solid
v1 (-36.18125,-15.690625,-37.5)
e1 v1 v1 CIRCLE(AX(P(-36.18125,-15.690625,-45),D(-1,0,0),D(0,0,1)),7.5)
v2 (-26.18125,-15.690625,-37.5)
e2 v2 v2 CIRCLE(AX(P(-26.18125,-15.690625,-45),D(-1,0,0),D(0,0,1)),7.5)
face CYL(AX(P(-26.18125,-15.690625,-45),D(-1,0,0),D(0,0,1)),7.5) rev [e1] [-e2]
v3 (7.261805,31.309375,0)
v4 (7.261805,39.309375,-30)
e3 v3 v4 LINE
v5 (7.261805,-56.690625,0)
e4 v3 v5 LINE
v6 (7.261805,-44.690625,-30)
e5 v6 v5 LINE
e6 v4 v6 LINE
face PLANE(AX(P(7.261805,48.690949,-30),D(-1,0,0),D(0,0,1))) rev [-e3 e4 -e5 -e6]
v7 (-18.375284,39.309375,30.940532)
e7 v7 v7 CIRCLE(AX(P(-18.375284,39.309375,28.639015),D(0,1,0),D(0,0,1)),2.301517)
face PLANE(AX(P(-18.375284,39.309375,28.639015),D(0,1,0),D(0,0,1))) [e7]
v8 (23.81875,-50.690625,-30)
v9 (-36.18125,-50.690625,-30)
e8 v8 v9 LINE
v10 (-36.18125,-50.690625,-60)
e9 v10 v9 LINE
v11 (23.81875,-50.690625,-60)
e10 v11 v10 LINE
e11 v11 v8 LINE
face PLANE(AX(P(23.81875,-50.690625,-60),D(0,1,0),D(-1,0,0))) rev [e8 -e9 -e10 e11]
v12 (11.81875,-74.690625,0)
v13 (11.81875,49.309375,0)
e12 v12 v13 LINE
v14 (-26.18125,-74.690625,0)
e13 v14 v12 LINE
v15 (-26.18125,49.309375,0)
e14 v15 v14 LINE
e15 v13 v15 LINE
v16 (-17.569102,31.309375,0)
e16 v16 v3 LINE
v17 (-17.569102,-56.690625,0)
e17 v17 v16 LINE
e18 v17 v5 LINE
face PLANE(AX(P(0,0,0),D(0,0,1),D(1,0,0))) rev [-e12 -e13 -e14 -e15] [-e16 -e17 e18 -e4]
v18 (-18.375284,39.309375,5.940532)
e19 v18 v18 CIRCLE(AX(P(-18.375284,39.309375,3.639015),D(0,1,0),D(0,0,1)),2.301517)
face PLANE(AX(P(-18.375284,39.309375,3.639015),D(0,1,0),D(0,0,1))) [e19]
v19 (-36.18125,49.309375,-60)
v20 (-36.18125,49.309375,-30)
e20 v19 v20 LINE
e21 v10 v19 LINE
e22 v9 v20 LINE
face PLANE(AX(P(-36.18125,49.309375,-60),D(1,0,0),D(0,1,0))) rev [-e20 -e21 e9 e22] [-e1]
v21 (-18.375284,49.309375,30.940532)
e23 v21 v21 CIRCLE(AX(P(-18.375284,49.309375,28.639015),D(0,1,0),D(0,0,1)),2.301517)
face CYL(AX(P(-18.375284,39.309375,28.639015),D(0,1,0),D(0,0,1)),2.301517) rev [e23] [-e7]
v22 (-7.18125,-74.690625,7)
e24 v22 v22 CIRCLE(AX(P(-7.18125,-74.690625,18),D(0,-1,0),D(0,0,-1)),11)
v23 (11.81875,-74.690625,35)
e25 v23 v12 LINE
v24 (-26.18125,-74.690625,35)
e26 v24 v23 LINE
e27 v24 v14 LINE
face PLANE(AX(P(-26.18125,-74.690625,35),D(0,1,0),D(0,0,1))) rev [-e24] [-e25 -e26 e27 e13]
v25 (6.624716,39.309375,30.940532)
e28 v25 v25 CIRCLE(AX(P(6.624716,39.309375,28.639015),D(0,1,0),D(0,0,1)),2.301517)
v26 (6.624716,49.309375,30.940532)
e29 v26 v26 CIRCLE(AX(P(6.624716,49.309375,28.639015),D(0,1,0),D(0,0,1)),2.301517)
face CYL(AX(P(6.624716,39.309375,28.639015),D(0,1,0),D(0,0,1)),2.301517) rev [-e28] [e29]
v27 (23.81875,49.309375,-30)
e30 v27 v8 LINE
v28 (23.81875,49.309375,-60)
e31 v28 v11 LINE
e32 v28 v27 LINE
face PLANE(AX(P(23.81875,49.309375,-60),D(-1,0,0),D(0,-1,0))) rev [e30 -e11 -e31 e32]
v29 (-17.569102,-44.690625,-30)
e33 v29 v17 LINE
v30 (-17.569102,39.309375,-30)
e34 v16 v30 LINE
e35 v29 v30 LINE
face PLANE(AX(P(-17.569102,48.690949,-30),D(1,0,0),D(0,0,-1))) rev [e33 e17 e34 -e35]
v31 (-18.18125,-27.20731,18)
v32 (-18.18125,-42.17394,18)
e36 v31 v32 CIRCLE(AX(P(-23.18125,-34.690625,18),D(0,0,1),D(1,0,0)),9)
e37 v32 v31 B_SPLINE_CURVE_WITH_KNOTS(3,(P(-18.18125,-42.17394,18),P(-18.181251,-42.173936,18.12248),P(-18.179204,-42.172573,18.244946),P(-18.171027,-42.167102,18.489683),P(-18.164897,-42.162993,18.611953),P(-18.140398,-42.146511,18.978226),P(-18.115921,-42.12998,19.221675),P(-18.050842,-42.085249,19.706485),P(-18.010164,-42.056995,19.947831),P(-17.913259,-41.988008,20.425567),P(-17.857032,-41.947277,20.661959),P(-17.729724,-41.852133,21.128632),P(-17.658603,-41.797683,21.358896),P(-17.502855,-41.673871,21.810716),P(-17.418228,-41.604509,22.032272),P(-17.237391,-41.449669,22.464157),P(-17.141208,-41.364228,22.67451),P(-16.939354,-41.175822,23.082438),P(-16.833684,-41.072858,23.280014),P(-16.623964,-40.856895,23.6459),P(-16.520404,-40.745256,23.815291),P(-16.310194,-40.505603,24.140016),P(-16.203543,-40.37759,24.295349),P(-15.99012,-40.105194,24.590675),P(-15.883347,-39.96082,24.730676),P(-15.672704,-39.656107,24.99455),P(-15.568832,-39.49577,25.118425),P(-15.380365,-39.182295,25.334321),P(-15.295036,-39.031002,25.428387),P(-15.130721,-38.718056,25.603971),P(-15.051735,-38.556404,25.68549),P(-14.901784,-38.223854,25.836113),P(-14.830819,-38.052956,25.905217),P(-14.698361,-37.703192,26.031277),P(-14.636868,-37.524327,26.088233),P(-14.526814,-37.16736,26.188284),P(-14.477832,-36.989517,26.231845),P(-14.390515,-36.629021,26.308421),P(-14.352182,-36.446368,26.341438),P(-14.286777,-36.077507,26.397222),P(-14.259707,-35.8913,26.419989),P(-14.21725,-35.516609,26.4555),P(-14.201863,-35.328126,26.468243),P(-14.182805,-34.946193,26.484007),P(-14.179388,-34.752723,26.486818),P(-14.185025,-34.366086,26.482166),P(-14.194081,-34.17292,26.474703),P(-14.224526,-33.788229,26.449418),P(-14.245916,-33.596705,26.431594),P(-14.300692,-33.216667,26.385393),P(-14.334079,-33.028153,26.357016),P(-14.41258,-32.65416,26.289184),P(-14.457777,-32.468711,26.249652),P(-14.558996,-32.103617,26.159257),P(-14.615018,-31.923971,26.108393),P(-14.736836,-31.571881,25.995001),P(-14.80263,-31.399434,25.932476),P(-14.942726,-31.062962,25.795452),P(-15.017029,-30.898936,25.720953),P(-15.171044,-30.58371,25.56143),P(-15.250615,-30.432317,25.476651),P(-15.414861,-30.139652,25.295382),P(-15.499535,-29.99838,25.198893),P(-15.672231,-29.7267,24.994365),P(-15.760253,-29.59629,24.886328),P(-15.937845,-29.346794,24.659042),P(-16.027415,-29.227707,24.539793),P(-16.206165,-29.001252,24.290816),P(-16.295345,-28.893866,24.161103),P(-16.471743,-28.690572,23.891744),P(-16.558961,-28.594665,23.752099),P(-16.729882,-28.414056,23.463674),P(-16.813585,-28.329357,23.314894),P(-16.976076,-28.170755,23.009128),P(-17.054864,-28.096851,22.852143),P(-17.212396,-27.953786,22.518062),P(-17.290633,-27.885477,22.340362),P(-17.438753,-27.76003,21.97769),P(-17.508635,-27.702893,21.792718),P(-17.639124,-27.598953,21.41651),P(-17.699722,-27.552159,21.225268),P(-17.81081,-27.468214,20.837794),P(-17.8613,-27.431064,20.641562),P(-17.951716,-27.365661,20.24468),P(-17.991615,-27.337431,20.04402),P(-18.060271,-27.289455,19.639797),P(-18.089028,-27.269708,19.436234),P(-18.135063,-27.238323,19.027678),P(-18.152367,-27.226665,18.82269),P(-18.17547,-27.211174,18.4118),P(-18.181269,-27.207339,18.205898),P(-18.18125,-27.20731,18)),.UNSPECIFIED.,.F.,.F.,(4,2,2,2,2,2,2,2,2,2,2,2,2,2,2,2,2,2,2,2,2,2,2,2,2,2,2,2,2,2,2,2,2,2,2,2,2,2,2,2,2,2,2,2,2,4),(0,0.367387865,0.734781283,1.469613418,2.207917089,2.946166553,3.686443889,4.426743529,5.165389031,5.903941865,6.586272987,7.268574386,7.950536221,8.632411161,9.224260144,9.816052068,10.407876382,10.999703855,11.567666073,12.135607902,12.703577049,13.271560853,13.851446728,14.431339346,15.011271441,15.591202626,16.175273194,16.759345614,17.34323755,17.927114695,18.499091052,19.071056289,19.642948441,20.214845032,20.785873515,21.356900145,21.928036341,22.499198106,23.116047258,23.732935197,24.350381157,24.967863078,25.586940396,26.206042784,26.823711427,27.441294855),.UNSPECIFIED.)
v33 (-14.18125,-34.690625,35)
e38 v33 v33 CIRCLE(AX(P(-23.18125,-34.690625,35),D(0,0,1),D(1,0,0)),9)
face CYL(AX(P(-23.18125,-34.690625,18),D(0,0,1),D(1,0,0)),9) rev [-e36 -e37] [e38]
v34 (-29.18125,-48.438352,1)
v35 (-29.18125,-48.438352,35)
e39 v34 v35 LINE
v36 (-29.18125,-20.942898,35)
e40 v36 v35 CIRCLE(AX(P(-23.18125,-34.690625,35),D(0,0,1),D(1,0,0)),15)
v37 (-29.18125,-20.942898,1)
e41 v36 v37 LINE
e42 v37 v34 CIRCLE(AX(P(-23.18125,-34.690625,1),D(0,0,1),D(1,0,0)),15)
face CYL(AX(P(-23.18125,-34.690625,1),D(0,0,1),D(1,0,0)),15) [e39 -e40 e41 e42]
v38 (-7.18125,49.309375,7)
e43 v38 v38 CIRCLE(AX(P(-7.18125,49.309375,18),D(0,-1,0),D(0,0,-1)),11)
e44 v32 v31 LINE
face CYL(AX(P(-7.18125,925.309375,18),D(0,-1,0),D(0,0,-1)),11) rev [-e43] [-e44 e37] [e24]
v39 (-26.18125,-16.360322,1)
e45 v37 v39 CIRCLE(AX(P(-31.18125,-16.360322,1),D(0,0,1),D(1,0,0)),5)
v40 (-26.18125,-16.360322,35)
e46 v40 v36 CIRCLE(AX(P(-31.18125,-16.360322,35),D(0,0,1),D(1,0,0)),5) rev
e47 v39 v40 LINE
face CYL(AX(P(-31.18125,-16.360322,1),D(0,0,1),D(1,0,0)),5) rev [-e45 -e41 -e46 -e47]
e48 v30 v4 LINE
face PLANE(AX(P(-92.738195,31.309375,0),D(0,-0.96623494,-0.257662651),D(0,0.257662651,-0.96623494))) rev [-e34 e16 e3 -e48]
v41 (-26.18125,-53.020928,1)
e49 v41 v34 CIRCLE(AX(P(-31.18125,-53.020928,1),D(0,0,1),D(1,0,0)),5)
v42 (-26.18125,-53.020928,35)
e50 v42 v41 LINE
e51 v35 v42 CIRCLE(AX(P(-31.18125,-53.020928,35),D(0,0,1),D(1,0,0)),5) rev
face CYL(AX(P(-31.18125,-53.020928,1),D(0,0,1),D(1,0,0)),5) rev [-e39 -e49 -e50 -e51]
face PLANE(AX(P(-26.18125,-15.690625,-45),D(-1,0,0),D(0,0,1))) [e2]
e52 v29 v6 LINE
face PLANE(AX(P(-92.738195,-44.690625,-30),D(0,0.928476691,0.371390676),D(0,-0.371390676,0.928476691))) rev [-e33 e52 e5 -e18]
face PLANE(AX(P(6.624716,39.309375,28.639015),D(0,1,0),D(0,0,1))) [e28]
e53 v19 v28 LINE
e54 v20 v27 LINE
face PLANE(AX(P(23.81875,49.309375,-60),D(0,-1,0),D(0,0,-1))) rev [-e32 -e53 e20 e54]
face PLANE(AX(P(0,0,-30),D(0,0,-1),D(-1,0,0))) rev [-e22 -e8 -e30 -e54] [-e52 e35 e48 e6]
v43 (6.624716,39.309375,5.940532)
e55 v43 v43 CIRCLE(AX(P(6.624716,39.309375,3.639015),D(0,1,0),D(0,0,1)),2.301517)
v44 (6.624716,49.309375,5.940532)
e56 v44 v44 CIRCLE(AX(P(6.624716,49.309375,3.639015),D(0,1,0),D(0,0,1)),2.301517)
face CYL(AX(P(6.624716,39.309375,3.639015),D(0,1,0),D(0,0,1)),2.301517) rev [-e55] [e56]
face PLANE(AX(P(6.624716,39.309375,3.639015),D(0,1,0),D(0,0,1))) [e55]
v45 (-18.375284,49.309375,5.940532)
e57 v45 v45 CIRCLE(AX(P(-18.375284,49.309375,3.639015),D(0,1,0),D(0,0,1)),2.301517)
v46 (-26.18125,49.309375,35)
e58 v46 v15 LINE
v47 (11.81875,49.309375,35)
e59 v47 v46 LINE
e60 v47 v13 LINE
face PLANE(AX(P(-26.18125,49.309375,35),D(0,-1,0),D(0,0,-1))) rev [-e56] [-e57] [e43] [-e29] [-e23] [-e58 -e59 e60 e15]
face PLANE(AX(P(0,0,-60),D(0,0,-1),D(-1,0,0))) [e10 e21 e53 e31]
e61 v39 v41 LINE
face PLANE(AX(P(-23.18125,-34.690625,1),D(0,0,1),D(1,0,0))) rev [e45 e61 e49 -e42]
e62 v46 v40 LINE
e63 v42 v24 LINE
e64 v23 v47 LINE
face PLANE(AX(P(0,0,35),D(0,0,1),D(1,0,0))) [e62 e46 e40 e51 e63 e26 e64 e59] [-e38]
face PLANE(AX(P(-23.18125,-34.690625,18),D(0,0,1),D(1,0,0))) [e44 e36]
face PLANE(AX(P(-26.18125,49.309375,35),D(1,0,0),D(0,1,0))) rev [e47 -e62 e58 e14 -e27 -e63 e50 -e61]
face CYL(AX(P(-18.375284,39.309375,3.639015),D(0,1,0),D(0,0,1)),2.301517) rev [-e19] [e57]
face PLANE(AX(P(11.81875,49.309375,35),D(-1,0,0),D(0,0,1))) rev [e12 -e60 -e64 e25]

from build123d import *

# Parameters (mm, degrees)
SKETCH1_W            = 38
SKETCH1_H            = 124
BOSS_EXTRUDE1_DEPTH  = 35
SKETCH2_R            = 15
BOSS_EXTRUDE2_DEPTH  = 34
FILLET1_R            = 5
SKETCH3_R            = 11
CUT_EXTRUDE1_DEPTH   = 1000
SKETCH5_W            = 24.830906905
SKETCH5_H            = 111.203932215
BOSS_EXTRUDE3_DEPTH  = 30
SKETCH6_W            = 60
SKETCH6_H            = 100
BOSS_EXTRUDE4_DEPTH  = 30
CUT_EXTRUDE5_DEPTH   = 100
SKETCH10_R           = 7.5
CUT_EXTRUDE6_DEPTH   = 10
SKETCH11_R           = 2.301516645
CUT_EXTRUDE7_DEPTH   = 10
LPATTERN1_COUNT      = 2
LPATTERN1_PITCH      = 25
LPATTERN1_COUNT_DIR2 = 2
LPATTERN1_PITCH_DIR2 = 25
SKETCH4_R            = 9
CUT_EXTRUDE_1_DEPTH  = 17


with BuildPart() as part:
    # Sketch1 → Boss-Extrude1 (new body)
    with BuildSketch(Plane.XY):
        with Locations((-7.18125, -12.690625)):
            Rectangle(SKETCH1_W, SKETCH1_H)
    extrude(amount=BOSS_EXTRUDE1_DEPTH)

    # Sketch2 → Boss-Extrude2 (add)
    with BuildSketch(Plane.XY.offset(35)):
        with Locations((-23.18125, -34.690625)):
            Circle(SKETCH2_R)
    extrude(amount=-BOSS_EXTRUDE2_DEPTH)

    # Fillet1
    fillet1_edges = [part.edges().sort_by_distance(p)[0] for p in [
        (-26.18125, -19.993686543, 18),
        (-26.18125, -49.387563457, 18),
    ]]
    fillet(fillet1_edges, radius=FILLET1_R)

    # Sketch3 → Cut-Extrude1 (cut)
    with BuildSketch(Plane.XZ.offset(74.690625)):
        with Locations((-7.18125, 18)):
            Circle(SKETCH3_R)
    extrude(amount=-CUT_EXTRUDE1_DEPTH, mode=Mode.SUBTRACT)

    # Sketch5 → Boss-Extrude3 (add)
    with BuildSketch(Plane(origin=(0, 0, 0), x_dir=(-1, 0, 0), z_dir=(0, 0, -1))):
        with Locations((5.153648801, -6.911017359)):
            Rectangle(SKETCH5_W, SKETCH5_H)
    extrude(amount=BOSS_EXTRUDE3_DEPTH)

    # Sketch6 → Boss-Extrude4 (add)
    with BuildSketch(Plane(origin=(0, 0, -30), x_dir=(-1, 0, 0), z_dir=(0, 0, -1))):
        with Locations((6.18125, -0.690625)):
            Rectangle(SKETCH6_W, SKETCH6_H)
    extrude(amount=BOSS_EXTRUDE4_DEPTH)

    # Sketch9 → Cut-Extrude5 (cut)
    with BuildSketch(Plane(origin=(7.261804652, 0, 0), x_dir=(0, 0, -1), z_dir=(1, 0, 0))):
        Polygon((0, 52.602660234), (0, 31.309375), (30, 39.309375), (30, 52.602660234), align=None)
        Polygon((0, -56.690625), (0, -66.373805341), (30, -69.28142928), (30, -44.690625), align=None)
    extrude(amount=-CUT_EXTRUDE5_DEPTH, mode=Mode.SUBTRACT)

    # Sketch10 → Cut-Extrude6 (cut)
    with BuildSketch(Plane.ZY.offset(36.18125)):
        with Locations((-45, -15.690625)):
            Circle(SKETCH10_R)
    extrude(amount=-CUT_EXTRUDE6_DEPTH, mode=Mode.SUBTRACT)

    # Sketch11 → Cut-Extrude7 (cut)
    with BuildSketch(Plane(origin=(0, 49.309375, 0), x_dir=(1, 0, 0), z_dir=(0, 1, 0))):
        with Locations((6.624715973, -28.639015413)):
            Circle(SKETCH11_R)
    cut_extrude7 = extrude(amount=-CUT_EXTRUDE7_DEPTH, mode=Mode.SUBTRACT)

    # LPattern1: Cut-Extrude7 2 × 2
    with Locations(*[(-i * LPATTERN1_PITCH, 0, -j * LPATTERN1_PITCH_DIR2) for i in range(LPATTERN1_COUNT) for j in range(LPATTERN1_COUNT_DIR2) if (i, j) != (0, 0)]):
        add(cut_extrude7, mode=Mode.SUBTRACT)

    # Sketch4 → Вырез-Вытянуть1 (cut)
    with BuildSketch(Plane.XY.offset(35)):
        with Locations((-23.18125, -34.690625)):
            Circle(SKETCH4_R)
    extrude(amount=-CUT_EXTRUDE_1_DEPTH, mode=Mode.SUBTRACT)


solid = part.part
